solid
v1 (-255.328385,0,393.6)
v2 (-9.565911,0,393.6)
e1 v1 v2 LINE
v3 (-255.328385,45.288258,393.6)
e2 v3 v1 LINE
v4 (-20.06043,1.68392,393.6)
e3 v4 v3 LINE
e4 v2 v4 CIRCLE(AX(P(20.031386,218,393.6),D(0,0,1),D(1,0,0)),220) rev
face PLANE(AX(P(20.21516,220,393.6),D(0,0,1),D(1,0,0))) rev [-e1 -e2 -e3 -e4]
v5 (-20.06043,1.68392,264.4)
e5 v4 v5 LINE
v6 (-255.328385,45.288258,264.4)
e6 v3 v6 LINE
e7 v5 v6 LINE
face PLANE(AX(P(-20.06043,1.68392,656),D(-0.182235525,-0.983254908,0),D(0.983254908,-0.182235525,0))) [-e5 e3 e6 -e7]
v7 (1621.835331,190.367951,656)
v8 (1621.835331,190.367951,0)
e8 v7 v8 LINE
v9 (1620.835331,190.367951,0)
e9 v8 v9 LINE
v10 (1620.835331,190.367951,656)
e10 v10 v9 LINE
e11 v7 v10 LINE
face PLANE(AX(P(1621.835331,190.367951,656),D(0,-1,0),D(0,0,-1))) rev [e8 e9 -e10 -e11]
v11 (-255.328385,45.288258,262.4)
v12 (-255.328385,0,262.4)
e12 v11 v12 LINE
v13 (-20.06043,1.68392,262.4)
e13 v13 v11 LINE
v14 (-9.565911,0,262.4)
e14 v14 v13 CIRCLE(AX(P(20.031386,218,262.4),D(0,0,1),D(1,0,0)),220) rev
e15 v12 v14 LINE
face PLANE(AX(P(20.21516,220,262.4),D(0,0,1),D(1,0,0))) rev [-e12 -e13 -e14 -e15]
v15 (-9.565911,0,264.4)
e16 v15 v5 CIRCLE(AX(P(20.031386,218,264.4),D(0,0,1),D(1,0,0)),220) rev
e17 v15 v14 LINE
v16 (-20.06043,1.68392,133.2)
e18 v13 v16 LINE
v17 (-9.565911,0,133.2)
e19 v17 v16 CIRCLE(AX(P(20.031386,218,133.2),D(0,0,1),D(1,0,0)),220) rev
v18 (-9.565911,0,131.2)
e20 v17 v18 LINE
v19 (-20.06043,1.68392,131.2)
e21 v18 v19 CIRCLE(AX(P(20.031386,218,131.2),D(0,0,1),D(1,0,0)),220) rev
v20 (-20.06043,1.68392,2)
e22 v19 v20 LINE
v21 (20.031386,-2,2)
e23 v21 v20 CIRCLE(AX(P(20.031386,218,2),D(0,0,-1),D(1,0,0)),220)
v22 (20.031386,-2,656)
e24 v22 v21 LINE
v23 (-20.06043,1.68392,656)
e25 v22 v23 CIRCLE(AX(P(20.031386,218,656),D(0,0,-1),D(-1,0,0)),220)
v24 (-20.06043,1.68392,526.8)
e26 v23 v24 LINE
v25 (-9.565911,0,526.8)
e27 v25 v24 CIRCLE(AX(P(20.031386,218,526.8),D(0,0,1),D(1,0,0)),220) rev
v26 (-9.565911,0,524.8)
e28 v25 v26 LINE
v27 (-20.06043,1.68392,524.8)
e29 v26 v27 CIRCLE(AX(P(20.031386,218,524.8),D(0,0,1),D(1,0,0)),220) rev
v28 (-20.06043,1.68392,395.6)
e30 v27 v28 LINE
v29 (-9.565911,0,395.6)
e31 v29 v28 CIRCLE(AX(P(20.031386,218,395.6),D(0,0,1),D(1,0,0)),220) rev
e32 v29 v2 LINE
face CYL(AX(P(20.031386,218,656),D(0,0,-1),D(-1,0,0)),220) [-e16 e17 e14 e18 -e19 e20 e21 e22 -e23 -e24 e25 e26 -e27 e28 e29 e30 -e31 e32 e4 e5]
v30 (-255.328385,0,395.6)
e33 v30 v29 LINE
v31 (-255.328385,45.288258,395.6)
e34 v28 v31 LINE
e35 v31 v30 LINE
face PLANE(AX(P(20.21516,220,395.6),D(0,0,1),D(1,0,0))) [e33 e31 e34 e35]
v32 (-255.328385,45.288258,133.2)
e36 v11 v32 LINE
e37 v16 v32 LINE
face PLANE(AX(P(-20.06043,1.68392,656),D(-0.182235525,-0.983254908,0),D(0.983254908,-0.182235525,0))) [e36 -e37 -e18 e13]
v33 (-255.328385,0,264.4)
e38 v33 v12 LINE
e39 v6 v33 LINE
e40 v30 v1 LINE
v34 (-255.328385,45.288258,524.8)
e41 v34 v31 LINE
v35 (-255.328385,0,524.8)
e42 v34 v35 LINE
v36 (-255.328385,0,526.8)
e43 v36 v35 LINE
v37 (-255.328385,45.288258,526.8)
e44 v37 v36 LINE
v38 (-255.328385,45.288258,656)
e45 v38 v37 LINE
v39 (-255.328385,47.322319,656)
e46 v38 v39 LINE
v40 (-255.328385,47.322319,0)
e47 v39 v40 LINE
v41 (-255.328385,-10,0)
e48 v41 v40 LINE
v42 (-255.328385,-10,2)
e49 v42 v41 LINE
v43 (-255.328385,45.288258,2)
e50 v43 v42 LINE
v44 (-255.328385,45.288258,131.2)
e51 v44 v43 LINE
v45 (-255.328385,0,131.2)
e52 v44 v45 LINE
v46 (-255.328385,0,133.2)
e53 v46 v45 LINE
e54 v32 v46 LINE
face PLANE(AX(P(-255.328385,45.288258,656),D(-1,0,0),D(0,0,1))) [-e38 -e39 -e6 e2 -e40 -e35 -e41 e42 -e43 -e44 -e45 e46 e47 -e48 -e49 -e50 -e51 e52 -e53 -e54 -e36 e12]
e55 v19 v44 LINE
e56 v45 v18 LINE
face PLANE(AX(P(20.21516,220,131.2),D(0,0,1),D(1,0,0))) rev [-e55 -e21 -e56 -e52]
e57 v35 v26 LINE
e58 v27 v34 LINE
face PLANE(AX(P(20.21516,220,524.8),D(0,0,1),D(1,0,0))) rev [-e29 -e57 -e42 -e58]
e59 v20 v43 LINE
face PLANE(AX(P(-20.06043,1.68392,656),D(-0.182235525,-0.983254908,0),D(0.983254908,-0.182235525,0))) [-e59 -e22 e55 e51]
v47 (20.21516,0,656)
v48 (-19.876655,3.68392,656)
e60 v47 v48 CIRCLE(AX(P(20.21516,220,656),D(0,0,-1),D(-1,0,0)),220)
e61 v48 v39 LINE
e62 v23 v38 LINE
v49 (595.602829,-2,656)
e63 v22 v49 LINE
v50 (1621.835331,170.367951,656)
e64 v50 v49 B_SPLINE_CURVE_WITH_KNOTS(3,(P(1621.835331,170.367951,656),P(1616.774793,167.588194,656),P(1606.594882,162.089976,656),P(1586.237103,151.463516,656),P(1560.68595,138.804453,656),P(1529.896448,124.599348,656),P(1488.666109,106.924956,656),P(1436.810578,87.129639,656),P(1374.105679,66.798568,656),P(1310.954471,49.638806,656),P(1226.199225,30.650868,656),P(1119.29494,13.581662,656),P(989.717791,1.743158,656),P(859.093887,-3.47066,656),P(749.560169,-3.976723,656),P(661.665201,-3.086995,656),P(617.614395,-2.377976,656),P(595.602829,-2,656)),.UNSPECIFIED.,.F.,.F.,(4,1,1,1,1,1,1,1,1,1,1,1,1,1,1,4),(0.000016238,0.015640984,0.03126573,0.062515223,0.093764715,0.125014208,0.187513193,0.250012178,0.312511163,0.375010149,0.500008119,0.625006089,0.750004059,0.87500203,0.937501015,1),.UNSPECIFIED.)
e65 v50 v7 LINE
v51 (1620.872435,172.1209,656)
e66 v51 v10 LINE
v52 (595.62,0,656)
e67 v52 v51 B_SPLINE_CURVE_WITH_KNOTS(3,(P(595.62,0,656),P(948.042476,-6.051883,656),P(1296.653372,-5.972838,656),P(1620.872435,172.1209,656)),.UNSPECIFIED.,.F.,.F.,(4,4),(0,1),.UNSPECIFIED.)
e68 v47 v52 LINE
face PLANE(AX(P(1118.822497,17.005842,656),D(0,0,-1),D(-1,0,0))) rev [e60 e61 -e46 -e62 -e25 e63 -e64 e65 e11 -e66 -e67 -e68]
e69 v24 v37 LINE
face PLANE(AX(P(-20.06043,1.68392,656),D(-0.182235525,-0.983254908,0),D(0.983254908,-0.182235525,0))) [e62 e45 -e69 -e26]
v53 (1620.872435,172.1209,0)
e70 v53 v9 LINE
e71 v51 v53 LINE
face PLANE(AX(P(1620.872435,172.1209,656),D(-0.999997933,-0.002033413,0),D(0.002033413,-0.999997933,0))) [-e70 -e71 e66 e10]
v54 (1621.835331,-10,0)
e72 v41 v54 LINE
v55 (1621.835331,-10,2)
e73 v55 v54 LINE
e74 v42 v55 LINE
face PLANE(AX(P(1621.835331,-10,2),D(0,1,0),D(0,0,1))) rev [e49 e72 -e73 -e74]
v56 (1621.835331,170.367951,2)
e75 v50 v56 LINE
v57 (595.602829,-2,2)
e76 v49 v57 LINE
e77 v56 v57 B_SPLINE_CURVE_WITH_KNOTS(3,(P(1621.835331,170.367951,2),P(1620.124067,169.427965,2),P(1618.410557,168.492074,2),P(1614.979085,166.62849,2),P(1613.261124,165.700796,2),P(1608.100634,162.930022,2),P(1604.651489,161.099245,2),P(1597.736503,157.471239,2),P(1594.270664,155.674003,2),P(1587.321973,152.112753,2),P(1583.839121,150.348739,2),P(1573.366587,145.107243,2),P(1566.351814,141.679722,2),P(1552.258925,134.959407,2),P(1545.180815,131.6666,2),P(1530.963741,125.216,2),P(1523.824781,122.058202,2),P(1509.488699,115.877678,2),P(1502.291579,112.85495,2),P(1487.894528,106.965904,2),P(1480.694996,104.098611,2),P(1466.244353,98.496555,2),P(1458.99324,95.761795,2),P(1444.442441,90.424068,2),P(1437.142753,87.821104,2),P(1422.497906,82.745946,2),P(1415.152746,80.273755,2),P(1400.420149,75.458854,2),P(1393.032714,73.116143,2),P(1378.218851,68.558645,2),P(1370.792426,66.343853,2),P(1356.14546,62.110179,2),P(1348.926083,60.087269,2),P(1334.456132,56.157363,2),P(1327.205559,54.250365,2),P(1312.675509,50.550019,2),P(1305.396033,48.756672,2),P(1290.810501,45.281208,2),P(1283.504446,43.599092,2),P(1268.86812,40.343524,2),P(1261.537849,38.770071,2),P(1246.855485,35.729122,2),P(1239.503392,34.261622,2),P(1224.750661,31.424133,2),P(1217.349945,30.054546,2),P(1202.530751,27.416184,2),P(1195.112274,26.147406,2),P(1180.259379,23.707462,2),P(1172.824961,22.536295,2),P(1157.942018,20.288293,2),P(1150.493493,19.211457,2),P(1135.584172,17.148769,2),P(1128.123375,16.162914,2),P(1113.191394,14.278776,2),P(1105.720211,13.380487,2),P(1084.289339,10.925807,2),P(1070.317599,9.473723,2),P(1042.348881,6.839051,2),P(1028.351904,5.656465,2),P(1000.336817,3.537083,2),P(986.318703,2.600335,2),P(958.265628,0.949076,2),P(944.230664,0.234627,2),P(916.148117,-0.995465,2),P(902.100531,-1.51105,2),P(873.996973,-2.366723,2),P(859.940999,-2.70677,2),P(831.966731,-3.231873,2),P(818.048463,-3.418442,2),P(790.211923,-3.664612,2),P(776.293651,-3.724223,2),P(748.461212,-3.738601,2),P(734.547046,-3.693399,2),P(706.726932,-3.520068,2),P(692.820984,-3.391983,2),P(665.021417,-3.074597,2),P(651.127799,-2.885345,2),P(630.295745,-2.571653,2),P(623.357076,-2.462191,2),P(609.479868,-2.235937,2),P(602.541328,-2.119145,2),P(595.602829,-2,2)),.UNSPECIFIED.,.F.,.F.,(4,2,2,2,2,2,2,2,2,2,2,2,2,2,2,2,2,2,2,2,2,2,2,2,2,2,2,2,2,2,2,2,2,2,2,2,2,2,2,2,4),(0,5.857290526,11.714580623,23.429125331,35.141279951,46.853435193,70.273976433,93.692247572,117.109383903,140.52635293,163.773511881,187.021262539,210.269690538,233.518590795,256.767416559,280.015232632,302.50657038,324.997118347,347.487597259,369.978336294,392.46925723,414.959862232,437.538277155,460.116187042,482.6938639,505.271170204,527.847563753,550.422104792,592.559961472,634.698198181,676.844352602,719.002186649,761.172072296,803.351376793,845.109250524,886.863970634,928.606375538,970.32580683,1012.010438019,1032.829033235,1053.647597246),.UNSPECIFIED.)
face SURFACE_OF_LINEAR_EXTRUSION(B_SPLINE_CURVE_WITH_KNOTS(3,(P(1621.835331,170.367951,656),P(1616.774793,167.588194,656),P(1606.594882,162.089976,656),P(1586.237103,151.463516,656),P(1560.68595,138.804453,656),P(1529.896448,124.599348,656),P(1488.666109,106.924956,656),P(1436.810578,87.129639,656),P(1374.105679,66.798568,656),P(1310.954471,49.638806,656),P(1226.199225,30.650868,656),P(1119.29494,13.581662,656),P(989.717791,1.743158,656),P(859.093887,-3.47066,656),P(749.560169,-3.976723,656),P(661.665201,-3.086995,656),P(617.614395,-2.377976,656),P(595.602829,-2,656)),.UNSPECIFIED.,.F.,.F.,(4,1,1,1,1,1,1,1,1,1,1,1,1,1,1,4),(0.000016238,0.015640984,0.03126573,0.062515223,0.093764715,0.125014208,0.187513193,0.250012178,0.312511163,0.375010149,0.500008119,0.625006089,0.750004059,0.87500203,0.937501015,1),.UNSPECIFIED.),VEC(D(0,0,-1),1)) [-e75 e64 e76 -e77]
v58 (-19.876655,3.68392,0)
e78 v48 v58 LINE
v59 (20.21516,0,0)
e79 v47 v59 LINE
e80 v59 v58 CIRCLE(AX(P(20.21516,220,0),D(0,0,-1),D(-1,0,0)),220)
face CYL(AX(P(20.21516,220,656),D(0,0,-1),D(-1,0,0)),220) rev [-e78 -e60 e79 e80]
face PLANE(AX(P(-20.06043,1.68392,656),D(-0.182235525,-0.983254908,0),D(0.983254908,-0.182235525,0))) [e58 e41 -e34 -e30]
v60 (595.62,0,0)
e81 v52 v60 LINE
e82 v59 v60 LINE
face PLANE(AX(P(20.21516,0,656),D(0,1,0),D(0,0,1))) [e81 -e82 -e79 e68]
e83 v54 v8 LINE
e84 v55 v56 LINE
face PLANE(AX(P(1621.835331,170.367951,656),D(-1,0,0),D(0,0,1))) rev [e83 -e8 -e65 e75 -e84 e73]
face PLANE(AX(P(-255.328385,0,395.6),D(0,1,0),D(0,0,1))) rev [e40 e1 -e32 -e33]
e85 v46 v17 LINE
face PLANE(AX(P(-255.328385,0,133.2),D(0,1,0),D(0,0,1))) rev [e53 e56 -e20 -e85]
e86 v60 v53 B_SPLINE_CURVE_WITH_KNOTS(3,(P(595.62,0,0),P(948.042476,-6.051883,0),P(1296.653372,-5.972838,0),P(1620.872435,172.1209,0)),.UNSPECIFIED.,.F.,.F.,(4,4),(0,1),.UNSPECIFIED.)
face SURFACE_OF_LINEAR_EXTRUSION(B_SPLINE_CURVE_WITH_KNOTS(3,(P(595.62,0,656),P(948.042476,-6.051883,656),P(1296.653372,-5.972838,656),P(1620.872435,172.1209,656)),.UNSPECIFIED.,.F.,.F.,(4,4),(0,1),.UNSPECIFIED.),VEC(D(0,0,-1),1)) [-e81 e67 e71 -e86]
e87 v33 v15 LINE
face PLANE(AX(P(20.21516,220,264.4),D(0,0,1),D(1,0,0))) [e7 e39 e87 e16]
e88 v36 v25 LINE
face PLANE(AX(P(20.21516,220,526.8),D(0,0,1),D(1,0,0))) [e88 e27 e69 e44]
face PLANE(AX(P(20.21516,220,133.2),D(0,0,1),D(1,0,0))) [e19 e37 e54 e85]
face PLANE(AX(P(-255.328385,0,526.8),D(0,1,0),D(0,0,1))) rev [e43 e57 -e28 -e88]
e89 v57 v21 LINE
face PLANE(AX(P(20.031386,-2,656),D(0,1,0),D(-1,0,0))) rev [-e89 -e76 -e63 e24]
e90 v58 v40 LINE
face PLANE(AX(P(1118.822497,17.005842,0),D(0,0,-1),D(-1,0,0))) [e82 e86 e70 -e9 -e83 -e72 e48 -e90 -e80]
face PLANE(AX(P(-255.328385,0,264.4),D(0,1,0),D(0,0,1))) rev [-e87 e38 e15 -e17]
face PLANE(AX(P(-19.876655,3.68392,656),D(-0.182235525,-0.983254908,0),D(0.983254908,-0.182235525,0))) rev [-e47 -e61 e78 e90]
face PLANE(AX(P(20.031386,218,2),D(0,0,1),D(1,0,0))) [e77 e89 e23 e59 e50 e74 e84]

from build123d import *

# Parameters (mm, degrees)
BOSS_EXTRUDE4_DEPTH = 656
BOSS_EXTRUDE5_DEPTH = 2
BOSS_EXTRUDE9_DEPTH = 2
LPATTERN3_COUNT     = 4
LPATTERN3_PITCH     = 131.2


with BuildPart() as part:
    # Sketch1 → Boss-Extrude4 (new body)
    with BuildSketch(Plane.XY):
        with BuildLine():
            Line((20.215160167, 0), (595.62, 0))
            add(Edge.make_bspline(
                [(595.62, 0), (948.042476236, -6.051882856), (1296.653371581, -5.972838331), (1620.872435085, 172.120900396)],
                knots=[0, 0, 0, 0, 1, 1, 1, 1], degree=3))
            Line((1620.872435085, 172.120900396), (1620.835331221, 190.367951158))
            Line((1620.835331221, 190.367951158), (1621.835331221, 190.367951158))
            Line((1621.835331221, 190.367951158), (1621.835331221, 170.367951158))
            add(Edge.make_bspline(
                [(1621.835331221, 170.367951158), (1616.774793048, 167.588194307), (1606.594882115, 162.089975973), (1586.237103283, 151.463515801), (1560.685949999, 138.804453476), (1529.896447866, 124.599348202), (1488.666109159, 106.924955829), (1436.810578156, 87.129638764), (1374.105679417, 66.798567899), (1310.954471427, 49.638805996), (1226.199224704, 30.650867762), (1119.294939682, 13.581661927), (989.717791405, 1.743158227), (859.093886549, -3.470659935), (749.560168834, -3.976722534), (661.665201283, -3.086995239), (617.614395377, -2.377975559), (595.602829307, -2)],
                knots=[1.6238e-05, 1.6238e-05, 1.6238e-05, 1.6238e-05, 0.015640984, 0.03126573, 0.062515223, 0.093764715, 0.125014208, 0.187513193, 0.250012178, 0.312511163, 0.375010149, 0.500008119, 0.625006089, 0.750004059, 0.87500203, 0.937501015, 1, 1, 1, 1], degree=3))
            Line((595.602829307, -2), (20.031385984, -2))
            ThreePointArc((20.031385984, -2), (-0.098970122, -1.077084066), (-20.060429625, 1.683920336))
            Line((-20.060429625, 1.683920336), (-255.32838496, 45.288258481))
            Line((-255.32838496, 45.288258481), (-255.32838496, 47.322319012))
            Line((-255.32838496, 47.322319012), (-19.876655441, 3.683920336))
            ThreePointArc((-19.876655441, 3.683920336), (0.084804061, 0.922915934), (20.215160167, 0))
        make_face()
    extrude(amount=BOSS_EXTRUDE4_DEPTH)

    # Sketch3 → Boss-Extrude5 (add)
    with BuildSketch(Plane.XY):
        with BuildLine():
            Line((1621.835331221, -10), (-255.32838496, -10))
            Line((-255.32838496, -10), (-255.32838496, 45.288258481))
            Line((-255.32838496, 45.288258481), (-20.060429625, 1.683920336))
            ThreePointArc((-20.060429625, 1.683920336), (-0.098970122, -1.077084066), (20.031385984, -2))
            Line((20.031385984, -2), (595.602829307, -2))
            add(Edge.make_bspline(
                [(1621.835331221, 170.367951158), (1616.774793048, 167.588194307), (1606.594882115, 162.089975973), (1586.237103283, 151.463515801), (1560.685949999, 138.804453476), (1529.896447866, 124.599348202), (1488.666109159, 106.924955829), (1436.810578156, 87.129638764), (1374.105679417, 66.798567899), (1310.954471427, 49.638805996), (1226.199224704, 30.650867762), (1119.294939682, 13.581661927), (989.717791405, 1.743158227), (859.093886549, -3.470659935), (749.560168834, -3.976722534), (661.665201283, -3.086995239), (617.614395377, -2.377975559), (595.602829307, -2)],
                knots=[1.6238e-05, 1.6238e-05, 1.6238e-05, 1.6238e-05, 0.015640984, 0.03126573, 0.062515223, 0.093764715, 0.125014208, 0.187513193, 0.250012178, 0.312511163, 0.375010149, 0.500008119, 0.625006089, 0.750004059, 0.87500203, 0.937501015, 1, 1, 1, 1], degree=3))
            Line((1621.835331221, 170.367951158), (1621.835331221, -10))
        make_face()
    extrude(amount=BOSS_EXTRUDE5_DEPTH)

    # Sketch7 → Boss-Extrude9 (add)
    with BuildSketch(Plane.XY.offset(131.2)):
        with BuildLine():
            Line((-19.876655441, 3.683920336), (-255.32838496, 47.322319012))
            Line((-255.32838496, 47.322319012), (-255.32838496, 0))
            Line((-255.32838496, 0), (20.215160167, 0))
            ThreePointArc((20.215160167, 0), (0.084804061, 0.922915934), (-19.876655441, 3.683920336))
        make_face()
    boss_extrude9 = extrude(amount=BOSS_EXTRUDE9_DEPTH)

    # LPattern3: Boss-Extrude9 ×4
    with Locations(*[(0, 0, i * LPATTERN3_PITCH) for i in range(1, LPATTERN3_COUNT)]):
        add(boss_extrude9)


solid = part.part
